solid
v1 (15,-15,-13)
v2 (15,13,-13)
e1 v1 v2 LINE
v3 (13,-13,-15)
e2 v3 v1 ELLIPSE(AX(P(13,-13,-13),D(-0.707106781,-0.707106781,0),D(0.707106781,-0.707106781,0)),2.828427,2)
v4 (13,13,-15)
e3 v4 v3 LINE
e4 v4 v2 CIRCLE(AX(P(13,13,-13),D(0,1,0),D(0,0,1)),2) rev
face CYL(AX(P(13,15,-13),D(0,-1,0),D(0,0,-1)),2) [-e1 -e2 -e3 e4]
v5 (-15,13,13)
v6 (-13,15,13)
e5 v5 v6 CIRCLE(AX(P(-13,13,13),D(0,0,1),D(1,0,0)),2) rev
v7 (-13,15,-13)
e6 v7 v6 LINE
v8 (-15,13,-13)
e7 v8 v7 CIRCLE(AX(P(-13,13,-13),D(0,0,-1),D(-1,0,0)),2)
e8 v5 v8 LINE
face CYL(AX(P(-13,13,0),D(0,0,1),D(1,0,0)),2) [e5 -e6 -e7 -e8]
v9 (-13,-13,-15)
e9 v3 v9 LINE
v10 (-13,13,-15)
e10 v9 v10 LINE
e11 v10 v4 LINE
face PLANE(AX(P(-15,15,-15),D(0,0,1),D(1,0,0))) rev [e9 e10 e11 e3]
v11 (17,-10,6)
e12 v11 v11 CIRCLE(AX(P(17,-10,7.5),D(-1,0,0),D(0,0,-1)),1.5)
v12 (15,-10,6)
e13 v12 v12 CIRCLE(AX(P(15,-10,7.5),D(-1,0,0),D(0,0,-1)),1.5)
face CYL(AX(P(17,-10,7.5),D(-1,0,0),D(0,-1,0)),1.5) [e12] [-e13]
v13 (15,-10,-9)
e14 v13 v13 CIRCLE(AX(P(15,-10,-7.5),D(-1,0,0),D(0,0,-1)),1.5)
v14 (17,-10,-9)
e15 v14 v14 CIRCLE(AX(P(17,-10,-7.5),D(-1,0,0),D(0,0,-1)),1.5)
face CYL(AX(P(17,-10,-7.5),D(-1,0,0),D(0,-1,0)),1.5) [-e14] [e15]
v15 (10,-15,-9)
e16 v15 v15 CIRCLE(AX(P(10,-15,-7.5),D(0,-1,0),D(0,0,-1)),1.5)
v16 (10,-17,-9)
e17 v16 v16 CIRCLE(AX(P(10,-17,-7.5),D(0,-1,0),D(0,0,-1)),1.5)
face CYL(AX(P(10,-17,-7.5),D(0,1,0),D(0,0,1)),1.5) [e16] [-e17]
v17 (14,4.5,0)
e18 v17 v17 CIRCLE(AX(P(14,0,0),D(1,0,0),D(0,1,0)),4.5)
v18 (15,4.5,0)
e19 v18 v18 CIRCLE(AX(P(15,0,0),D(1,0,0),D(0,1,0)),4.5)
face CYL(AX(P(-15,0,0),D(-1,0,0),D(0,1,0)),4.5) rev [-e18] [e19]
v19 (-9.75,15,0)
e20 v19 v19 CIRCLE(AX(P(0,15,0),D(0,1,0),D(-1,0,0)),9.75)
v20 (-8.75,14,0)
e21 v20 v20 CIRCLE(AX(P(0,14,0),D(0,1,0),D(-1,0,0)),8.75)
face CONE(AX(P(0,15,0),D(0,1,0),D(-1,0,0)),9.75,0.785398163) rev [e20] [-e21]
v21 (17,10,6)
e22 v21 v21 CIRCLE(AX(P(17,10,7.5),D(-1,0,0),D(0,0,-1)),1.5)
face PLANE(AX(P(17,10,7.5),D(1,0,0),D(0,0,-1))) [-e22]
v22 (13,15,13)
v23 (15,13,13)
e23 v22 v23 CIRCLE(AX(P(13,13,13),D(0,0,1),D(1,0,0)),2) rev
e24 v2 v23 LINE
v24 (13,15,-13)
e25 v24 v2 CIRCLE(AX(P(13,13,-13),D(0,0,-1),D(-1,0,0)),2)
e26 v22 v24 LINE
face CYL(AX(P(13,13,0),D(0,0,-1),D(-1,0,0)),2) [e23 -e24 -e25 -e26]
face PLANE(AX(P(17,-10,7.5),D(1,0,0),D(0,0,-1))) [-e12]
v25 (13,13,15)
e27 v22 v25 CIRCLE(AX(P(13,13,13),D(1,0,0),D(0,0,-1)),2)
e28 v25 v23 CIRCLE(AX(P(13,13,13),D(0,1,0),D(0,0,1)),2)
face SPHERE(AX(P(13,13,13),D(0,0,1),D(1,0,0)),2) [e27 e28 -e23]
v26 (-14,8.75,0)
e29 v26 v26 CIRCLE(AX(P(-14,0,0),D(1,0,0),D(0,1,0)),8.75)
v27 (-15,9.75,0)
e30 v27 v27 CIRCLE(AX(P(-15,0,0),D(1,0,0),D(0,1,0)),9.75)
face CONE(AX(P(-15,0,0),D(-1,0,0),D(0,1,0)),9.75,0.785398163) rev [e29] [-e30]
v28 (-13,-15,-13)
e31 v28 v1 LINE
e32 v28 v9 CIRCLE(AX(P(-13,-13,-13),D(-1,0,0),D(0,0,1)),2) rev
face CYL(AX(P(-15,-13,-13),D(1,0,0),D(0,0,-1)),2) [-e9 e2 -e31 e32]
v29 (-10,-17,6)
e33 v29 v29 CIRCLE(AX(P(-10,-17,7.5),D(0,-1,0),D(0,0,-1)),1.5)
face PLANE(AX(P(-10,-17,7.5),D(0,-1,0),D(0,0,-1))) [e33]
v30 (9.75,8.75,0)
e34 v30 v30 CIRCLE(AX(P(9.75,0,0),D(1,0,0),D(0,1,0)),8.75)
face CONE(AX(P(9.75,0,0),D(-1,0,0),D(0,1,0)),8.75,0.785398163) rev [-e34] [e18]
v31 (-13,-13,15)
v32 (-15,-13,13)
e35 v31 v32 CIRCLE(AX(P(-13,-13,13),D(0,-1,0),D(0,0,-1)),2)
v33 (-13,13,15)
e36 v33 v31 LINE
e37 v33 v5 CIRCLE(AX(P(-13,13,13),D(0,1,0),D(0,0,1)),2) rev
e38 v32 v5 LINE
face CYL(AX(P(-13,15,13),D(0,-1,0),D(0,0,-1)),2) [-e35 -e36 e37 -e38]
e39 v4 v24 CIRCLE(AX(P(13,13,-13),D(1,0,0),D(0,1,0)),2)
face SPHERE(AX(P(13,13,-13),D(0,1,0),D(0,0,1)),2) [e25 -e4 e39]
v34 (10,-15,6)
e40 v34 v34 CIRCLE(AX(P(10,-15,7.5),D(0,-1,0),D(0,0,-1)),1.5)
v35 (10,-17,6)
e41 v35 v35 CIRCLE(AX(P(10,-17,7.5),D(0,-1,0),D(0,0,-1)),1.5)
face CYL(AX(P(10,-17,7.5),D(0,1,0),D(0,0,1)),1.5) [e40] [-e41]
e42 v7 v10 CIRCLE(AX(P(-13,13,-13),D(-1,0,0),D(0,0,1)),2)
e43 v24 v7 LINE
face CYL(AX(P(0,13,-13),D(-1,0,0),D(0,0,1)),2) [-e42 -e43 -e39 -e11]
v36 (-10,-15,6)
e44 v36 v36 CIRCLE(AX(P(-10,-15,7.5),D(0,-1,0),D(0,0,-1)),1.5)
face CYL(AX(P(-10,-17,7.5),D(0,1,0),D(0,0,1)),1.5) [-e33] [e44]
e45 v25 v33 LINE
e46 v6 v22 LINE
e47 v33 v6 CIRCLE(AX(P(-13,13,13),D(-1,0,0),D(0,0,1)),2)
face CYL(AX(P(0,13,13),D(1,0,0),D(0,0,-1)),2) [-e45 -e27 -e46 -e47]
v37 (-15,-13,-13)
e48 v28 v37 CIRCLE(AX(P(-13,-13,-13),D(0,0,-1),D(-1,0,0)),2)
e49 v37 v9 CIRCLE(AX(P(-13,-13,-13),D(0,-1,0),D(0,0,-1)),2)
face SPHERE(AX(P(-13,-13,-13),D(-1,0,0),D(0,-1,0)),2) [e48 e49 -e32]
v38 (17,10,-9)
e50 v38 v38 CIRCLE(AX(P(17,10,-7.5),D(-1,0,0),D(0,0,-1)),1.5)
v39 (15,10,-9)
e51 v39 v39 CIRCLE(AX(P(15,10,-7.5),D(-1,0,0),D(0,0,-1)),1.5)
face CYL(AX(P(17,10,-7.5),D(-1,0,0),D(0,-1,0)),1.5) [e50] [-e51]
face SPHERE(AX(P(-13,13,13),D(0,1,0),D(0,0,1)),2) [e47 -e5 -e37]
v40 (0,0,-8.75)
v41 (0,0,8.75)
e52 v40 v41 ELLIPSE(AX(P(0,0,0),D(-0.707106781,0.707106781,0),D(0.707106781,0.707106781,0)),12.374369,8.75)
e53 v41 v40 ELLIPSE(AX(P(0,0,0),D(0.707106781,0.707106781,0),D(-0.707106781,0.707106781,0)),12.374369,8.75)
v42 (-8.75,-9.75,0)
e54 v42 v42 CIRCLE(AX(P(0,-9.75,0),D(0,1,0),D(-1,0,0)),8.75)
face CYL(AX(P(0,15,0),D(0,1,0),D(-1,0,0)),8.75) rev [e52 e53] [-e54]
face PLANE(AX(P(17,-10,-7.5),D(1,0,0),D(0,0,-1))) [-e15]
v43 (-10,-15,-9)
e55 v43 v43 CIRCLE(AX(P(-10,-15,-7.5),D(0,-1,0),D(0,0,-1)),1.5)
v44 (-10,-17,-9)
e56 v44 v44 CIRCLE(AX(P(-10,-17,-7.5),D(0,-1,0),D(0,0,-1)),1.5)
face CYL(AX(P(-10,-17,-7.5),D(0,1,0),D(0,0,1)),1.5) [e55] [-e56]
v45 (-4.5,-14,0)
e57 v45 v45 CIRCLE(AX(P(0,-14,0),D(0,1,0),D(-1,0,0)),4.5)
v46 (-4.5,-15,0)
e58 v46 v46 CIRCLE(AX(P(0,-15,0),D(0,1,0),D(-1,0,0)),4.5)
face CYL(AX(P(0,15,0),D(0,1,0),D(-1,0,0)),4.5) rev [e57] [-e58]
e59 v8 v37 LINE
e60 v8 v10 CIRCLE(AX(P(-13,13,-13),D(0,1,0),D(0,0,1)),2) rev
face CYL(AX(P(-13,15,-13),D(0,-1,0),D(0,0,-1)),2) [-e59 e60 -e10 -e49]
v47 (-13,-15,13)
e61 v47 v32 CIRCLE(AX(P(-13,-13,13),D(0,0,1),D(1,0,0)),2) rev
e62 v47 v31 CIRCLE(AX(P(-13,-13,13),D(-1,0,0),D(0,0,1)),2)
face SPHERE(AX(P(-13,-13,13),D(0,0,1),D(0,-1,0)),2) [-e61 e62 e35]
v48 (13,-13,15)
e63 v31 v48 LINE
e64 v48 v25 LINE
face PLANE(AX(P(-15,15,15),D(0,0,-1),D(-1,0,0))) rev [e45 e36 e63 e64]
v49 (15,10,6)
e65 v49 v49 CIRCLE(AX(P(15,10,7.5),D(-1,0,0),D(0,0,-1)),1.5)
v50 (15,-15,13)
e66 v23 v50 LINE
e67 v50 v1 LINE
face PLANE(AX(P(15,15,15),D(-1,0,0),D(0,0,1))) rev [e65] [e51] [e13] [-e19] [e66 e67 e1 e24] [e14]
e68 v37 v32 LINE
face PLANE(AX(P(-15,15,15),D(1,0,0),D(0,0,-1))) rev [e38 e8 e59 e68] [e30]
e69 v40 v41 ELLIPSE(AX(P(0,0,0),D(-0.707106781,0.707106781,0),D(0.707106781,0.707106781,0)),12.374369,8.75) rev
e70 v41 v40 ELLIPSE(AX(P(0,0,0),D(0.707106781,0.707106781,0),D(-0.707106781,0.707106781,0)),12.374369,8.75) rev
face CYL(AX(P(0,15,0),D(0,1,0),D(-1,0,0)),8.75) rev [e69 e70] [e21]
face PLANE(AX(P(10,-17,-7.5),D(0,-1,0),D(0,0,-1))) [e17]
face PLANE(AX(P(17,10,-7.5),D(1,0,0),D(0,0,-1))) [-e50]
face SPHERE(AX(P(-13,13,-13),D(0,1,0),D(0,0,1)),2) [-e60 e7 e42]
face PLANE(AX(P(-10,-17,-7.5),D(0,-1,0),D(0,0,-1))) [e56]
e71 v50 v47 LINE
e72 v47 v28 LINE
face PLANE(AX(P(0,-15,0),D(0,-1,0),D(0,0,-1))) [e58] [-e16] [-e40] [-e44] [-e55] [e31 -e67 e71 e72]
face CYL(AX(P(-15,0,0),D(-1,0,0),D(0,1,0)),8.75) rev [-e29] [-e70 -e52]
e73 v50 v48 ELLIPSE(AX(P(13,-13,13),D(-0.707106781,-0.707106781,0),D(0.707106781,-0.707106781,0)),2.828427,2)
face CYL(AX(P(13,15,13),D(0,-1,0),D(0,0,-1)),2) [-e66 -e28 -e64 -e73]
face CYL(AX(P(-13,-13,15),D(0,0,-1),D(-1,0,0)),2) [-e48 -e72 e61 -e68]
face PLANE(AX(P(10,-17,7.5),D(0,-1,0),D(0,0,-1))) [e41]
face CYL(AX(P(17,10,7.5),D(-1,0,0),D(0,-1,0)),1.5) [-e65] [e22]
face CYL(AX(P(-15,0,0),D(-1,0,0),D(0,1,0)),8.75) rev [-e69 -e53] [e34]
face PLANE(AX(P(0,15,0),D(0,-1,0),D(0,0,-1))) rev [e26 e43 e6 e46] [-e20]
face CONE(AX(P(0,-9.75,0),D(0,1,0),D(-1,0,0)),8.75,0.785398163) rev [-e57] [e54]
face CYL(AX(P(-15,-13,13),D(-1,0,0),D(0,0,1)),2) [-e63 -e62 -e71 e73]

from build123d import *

# Parameters (mm, degrees)
SKETCH_1_W      = 30
SKETCH_1_H      = 30
EXTRUDE_1_DEPTH = 15
SKETCH_5_R      = 1.5
EXTRUDE_2_DEPTH = 2
FILLET_1_R      = 2


with BuildPart() as part:
    # Эскиз1 → Бобышка-Вытянуть1 (new body, symmetric)
    with BuildSketch(Plane(origin=(0, 0, 0), x_dir=(1, 0, 0), z_dir=(0, 1, 0))):
        Rectangle(SKETCH_1_W, SKETCH_1_H)
    extrude(amount=EXTRUDE_1_DEPTH, both=True)

    # Эскиз4 → Вырез-Повернуть1 (revolve, cut)
    with BuildSketch(Plane.XY):
        Polygon((-4.5, -15), (-4.5, -14), (-8.75, -9.75), (-8.75, 14), (-9.75, 15), (0, 15), (0, -15), align=None)
    cut_revolve_1 = revolve(axis=Axis((0, 15, 0), (0, -1, 0)), mode=Mode.SUBTRACT)

    # Эскиз5 → Бобышка-Вытянуть2 (add)
    with BuildSketch(Plane.XZ.offset(15)):
        with Locations(Location((-10, 7.5, 0), (0, 0, 270))):  # turned: the seam where the file's is
            Circle(SKETCH_5_R)
        with Locations(Location((-10, -7.5, 0), (0, 0, 270))):  # turned: the seam where the file's is
            Circle(SKETCH_5_R)
        with Locations(Location((10, -7.5, 0), (0, 0, 270))):  # turned: the seam where the file's is
            Circle(SKETCH_5_R)
        with Locations(Location((10, 7.5, 0), (0, 0, 270))):  # turned: the seam where the file's is
            Circle(SKETCH_5_R)
    extrude_2 = extrude(amount=EXTRUDE_2_DEPTH)

    # Зеркальное отражение1: Вырез-Повернуть1, Бобышка-Вытянуть2 across plane
    add(cut_revolve_1.mirror(Plane(origin=(0, 0, 0), x_dir=(0, 0, 1), z_dir=(0.707106781, 0.707106781, 0))), mode=Mode.SUBTRACT)
    add(extrude_2.mirror(Plane(origin=(0, 0, 0), x_dir=(0, 0, 1), z_dir=(0.707106781, 0.707106781, 0))))

    # Скругление1
    fillet_1_edges = [part.edges().sort_by_distance(p)[0] for p in [
        (-15, 15, 0),
        (0, 15, 15),
        (15, 15, 0),
        (0, -15, 15),
        (-15, -15, 0),
        (0, -15, -15),
        (15, 0, 15),
        (-15, 0, 15),
        (-15, 0, -15),
        (15, 0, -15),
        (0, 15, -15),
    ]]
    fillet(fillet_1_edges, radius=FILLET_1_R)


solid = part.part
